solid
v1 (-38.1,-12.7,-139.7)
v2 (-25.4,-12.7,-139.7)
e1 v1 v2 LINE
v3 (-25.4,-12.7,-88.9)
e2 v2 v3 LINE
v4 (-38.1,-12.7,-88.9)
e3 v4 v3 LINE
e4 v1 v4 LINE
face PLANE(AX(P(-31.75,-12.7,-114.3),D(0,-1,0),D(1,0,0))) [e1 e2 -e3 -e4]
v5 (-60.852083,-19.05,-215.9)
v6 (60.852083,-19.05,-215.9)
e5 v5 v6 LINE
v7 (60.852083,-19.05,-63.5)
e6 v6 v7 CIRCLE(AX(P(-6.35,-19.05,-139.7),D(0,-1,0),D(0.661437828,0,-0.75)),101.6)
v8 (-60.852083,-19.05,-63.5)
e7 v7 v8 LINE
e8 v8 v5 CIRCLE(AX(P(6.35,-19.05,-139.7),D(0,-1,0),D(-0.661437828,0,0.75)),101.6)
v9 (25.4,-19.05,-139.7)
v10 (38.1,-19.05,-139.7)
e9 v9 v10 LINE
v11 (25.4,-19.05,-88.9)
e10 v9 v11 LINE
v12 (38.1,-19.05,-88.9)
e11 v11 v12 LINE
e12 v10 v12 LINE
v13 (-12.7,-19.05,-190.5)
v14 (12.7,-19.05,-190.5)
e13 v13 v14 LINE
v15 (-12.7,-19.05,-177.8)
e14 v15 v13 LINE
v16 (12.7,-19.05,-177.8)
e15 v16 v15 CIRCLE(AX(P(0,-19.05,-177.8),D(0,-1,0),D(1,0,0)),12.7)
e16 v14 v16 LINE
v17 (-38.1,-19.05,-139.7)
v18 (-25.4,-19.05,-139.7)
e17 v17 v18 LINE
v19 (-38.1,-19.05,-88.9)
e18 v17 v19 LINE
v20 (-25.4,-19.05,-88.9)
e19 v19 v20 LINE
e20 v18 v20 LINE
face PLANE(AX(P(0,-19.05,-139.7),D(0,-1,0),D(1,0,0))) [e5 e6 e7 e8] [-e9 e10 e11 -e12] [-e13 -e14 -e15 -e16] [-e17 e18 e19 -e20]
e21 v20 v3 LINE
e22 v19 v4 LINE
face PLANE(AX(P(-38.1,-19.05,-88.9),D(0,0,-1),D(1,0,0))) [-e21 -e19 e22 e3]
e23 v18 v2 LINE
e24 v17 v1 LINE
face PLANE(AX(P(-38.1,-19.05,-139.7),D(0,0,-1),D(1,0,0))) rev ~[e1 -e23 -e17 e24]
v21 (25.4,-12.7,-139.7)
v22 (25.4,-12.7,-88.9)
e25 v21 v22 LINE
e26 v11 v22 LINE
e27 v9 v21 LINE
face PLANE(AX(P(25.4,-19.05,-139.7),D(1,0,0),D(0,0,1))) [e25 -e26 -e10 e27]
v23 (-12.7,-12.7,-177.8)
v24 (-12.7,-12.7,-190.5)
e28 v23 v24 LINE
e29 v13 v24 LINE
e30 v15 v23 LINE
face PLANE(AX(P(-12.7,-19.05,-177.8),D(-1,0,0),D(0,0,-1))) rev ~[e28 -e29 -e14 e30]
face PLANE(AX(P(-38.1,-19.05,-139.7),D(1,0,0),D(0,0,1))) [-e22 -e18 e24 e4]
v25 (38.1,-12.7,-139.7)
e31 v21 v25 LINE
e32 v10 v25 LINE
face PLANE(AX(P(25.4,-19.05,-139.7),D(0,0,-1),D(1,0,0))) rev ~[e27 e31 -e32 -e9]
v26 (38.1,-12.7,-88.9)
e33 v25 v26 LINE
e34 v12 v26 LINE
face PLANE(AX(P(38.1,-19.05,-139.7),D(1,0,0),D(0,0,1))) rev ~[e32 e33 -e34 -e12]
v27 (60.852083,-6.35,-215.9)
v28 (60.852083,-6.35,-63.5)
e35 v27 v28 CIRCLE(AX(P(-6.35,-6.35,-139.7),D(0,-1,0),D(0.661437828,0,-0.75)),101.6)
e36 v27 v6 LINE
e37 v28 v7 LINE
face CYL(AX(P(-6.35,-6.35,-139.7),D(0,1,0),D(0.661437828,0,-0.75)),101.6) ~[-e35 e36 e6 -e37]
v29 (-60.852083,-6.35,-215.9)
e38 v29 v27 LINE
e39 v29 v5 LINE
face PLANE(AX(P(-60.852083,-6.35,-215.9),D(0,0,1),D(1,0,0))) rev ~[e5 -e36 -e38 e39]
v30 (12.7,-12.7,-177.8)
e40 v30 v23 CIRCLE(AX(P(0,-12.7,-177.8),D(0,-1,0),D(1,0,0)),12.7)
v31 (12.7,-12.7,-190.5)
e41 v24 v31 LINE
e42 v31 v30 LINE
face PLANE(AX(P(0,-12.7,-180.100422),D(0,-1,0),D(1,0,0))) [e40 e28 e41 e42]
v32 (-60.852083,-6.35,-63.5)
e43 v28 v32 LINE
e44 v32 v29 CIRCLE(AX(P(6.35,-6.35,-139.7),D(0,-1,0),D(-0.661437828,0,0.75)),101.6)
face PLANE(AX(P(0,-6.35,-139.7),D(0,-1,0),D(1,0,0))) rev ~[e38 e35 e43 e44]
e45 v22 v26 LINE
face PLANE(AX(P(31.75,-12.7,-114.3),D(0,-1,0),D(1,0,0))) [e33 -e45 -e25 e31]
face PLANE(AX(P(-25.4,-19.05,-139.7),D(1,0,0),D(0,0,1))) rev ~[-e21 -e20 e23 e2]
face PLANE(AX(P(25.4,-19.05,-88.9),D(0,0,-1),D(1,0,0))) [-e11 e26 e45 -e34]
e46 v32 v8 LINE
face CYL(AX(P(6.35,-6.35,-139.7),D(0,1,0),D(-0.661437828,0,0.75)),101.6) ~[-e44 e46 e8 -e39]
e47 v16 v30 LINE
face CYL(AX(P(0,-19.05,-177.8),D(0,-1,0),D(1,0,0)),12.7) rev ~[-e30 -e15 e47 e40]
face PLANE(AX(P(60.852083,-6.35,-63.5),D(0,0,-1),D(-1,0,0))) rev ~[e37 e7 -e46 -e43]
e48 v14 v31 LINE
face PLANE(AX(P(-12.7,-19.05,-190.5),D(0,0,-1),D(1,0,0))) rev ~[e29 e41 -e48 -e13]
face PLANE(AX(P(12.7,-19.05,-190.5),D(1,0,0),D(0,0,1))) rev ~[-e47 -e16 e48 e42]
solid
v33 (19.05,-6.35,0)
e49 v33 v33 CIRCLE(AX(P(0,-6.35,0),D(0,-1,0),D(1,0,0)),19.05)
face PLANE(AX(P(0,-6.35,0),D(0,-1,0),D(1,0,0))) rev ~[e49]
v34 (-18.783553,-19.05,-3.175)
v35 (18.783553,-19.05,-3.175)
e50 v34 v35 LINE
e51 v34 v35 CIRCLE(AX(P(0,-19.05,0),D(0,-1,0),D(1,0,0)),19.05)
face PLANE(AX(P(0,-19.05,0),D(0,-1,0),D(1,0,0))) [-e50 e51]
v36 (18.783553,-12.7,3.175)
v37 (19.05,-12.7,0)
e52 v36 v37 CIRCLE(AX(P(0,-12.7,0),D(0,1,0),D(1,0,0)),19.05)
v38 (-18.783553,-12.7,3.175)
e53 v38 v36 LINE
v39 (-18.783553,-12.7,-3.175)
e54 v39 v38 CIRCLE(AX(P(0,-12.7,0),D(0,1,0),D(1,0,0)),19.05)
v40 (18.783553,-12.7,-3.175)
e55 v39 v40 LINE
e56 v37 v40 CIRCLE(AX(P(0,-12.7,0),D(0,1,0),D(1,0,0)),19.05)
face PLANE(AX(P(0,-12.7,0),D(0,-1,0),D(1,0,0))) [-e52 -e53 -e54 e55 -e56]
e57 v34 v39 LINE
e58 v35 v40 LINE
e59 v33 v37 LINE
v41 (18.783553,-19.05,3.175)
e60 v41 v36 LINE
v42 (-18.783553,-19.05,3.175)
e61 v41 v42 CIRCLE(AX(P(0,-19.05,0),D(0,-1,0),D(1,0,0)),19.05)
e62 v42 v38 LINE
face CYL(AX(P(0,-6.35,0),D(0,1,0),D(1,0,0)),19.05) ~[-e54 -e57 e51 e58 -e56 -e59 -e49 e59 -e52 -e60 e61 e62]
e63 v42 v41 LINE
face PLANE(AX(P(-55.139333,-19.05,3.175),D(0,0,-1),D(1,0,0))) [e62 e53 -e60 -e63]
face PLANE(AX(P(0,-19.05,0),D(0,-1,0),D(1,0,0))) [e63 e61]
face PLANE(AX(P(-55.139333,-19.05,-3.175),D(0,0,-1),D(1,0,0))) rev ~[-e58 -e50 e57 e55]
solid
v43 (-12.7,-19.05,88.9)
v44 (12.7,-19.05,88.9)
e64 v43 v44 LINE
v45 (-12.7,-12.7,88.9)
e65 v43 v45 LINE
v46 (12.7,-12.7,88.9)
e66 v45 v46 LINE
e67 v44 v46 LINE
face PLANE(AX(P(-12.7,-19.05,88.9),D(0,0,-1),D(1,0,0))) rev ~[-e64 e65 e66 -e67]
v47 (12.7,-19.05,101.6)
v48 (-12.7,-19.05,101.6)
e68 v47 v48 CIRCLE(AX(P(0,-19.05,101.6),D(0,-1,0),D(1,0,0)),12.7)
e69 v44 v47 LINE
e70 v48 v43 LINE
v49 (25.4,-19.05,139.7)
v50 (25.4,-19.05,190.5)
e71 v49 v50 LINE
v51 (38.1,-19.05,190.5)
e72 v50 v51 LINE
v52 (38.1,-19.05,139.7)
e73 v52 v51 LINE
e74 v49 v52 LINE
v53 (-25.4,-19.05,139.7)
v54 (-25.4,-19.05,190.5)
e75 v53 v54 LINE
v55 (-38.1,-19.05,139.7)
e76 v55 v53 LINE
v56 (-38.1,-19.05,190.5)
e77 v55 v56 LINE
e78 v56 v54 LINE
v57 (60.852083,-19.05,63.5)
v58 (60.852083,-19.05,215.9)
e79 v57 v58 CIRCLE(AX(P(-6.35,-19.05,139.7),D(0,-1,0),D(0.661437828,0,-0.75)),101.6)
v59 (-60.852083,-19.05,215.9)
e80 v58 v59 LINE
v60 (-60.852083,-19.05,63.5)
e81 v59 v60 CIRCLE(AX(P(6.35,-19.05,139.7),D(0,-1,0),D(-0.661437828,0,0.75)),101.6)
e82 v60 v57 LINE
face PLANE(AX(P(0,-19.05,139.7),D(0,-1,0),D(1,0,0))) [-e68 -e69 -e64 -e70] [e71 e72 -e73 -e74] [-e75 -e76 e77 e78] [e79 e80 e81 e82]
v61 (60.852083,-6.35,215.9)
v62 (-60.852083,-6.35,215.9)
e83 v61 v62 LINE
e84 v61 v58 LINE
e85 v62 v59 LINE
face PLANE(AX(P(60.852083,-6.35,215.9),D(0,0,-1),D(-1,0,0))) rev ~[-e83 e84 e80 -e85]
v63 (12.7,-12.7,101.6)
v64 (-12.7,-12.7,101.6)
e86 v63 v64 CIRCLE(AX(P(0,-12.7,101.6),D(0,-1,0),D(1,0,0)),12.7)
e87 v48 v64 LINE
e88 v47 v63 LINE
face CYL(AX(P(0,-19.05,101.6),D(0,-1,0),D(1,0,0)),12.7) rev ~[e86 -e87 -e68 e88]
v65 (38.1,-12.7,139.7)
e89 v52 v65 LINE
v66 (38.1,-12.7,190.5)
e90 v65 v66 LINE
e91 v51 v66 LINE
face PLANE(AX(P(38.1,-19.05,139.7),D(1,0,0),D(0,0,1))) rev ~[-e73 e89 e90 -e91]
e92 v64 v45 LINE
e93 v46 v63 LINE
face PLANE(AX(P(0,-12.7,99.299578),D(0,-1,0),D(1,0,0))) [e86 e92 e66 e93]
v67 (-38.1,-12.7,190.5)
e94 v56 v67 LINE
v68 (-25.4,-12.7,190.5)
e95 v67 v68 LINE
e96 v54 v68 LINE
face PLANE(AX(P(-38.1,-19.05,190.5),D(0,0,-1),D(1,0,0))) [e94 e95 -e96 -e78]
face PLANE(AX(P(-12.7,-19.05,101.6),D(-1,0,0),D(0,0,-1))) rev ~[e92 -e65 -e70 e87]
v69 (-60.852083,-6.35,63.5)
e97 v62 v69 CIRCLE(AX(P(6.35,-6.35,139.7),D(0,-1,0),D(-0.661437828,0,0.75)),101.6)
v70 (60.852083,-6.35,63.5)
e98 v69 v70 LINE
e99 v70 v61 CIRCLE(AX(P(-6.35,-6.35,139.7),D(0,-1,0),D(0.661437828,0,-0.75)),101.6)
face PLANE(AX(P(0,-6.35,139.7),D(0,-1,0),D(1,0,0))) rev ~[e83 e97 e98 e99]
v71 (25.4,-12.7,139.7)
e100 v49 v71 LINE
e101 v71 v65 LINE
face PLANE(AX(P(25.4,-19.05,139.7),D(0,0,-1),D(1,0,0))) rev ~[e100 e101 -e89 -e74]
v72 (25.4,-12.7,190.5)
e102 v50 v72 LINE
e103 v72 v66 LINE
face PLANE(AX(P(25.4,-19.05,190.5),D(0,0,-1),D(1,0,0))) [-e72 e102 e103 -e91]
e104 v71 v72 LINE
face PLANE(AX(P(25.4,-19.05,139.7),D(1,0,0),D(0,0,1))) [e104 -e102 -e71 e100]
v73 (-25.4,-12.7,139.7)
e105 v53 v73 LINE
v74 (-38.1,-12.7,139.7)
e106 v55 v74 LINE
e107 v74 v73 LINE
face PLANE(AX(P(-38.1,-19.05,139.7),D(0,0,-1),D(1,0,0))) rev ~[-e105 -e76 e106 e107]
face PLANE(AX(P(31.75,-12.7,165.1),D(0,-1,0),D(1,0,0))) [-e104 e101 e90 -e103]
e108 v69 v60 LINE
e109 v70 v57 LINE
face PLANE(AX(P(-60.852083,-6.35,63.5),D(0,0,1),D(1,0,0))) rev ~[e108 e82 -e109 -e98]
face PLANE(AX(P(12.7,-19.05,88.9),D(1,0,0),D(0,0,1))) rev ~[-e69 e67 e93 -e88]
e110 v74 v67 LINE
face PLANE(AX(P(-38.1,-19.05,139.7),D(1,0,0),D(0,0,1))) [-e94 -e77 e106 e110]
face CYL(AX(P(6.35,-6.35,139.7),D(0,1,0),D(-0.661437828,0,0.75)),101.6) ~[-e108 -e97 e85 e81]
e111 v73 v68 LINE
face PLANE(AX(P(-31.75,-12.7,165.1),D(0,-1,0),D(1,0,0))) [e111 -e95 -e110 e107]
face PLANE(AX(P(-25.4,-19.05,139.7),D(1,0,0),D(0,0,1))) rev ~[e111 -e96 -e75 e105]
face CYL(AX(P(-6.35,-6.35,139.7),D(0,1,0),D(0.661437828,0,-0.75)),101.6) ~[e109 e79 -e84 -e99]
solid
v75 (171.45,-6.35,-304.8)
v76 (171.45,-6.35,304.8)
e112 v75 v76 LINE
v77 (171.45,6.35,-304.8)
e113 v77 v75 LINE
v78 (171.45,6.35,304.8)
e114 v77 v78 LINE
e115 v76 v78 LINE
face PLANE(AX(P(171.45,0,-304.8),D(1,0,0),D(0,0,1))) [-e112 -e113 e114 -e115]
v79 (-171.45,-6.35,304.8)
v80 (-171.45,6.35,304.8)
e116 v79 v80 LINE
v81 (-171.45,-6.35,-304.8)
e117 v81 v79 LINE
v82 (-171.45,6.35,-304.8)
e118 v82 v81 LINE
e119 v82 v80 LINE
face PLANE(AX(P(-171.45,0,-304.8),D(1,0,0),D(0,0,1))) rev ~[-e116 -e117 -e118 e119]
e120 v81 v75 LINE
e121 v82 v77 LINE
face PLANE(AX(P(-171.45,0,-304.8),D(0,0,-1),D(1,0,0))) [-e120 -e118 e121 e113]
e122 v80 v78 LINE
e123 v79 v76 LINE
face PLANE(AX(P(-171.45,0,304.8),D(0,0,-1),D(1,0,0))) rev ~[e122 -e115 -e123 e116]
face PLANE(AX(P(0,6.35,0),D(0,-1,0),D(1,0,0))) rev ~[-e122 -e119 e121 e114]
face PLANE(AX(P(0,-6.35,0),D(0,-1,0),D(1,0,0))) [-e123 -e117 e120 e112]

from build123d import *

# Parameters (mm, degrees)
F0_W     = 342.9
F0_H     = 609.6
F1_DEPTH = 6.35
F3_DEPTH = 12.7
F2_R     = 19.05
F4_W     = 12.7
F4_H     = 50.8
F4_W_2   = 110.2786660194
F4_H_2   = 6.35
F5_DEPTH = 6.35


with BuildPart() as f1:
    # F0 (on Front) → F1 (new body, symmetric)
    with BuildSketch(Plane.XZ):
        Rectangle(F0_W, F0_H)
    extrude(amount=F1_DEPTH, both=True)


with BuildPart() as f3:
    # F2 (on face) → F3 (new body)
    with BuildSketch(Plane.XZ.offset(6.35)):
        with BuildLine():
            Line((60.852083301, 215.9), (-60.852083301, 215.9))
            ThreePointArc((-60.852083301, 215.9), (-95.25, 139.7), (-60.852083301, 63.5))
            Line((-60.852083301, 63.5), (60.852083301, 63.5))
            ThreePointArc((60.852083301, 63.5), (95.25, 139.7), (60.852083301, 215.9))
        make_face()
    extrude(amount=F3_DEPTH)


with BuildPart() as f3b:
    # F2 (on face) → F3, piece 2 (new body)
    with BuildSketch(Plane.XZ.offset(6.35)):
        with BuildLine():
            Line((60.852083301, -63.5), (-60.852083301, -63.5))
            ThreePointArc((-60.852083301, -63.5), (-95.25, -139.7), (-60.852083301, -215.9))
            Line((-60.852083301, -215.9), (60.852083301, -215.9))
            ThreePointArc((60.852083301, -215.9), (95.25, -139.7), (60.852083301, -63.5))
        make_face()
    extrude(amount=F3_DEPTH)


with BuildPart() as f3c:
    # F2 (on face) → F3, piece 3 (new body)
    with BuildSketch(Plane.XZ.offset(6.35)):
        Circle(F2_R)
    extrude(amount=F3_DEPTH)


with BuildPart() as f5_tool:
    # F4 (on face) → F5 (new body)
    with BuildSketch(Plane.XZ.offset(19.05)):
        with Locations((-31.75, 165.1)):
            Rectangle(F4_W, F4_H)
        with Locations((31.75, 165.1)):
            Rectangle(F4_W, F4_H)
        with Locations((-31.75, -114.3)):
            Rectangle(F4_W, F4_H)
        with Locations((31.75, -114.3)):
            Rectangle(F4_W, F4_H)
        Rectangle(F4_W_2, F4_H_2)
        with BuildLine():
            Line((-12.7, 101.6), (-12.7, 88.9))
            Line((-12.7, 88.9), (12.7, 88.9))
            Line((12.7, 88.9), (12.7, 101.6))
            ThreePointArc((12.7, 101.6), (0, 114.3), (-12.7, 101.6))
        make_face()
        with BuildLine():
            Line((-12.7, -177.8), (-12.7, -190.5))
            Line((-12.7, -190.5), (12.7, -190.5))
            Line((12.7, -190.5), (12.7, -177.8))
            ThreePointArc((12.7, -177.8), (0, -165.1), (-12.7, -177.8))
        make_face()
    extrude(amount=-F5_DEPTH)


with BuildPart() as f3_1:
    add(f3.part)

    # F5: cut by f5_tool
    add(f5_tool.part, mode=Mode.SUBTRACT)


with BuildPart() as f3b_1:
    add(f3b.part)

    # F5: cut by f5_tool
    add(f5_tool.part, mode=Mode.SUBTRACT)


with BuildPart() as f3c_1:
    add(f3c.part)

    # F5: cut by f5_tool
    add(f5_tool.part, mode=Mode.SUBTRACT)


with BuildPart() as f3_2:
    # F6: moved
    add(f3_1.part)


with BuildPart() as f3b_2:
    # F6: moved
    add(f3b_1.part)


with BuildPart() as f1_1:
    # F6: moved
    add(f1.part)


with BuildPart() as f3c_2:
    # F6: moved
    add(f3c_1.part)


solid = Compound([f3_2.part, f3b_2.part, f1_1.part, f3c_2.part])
